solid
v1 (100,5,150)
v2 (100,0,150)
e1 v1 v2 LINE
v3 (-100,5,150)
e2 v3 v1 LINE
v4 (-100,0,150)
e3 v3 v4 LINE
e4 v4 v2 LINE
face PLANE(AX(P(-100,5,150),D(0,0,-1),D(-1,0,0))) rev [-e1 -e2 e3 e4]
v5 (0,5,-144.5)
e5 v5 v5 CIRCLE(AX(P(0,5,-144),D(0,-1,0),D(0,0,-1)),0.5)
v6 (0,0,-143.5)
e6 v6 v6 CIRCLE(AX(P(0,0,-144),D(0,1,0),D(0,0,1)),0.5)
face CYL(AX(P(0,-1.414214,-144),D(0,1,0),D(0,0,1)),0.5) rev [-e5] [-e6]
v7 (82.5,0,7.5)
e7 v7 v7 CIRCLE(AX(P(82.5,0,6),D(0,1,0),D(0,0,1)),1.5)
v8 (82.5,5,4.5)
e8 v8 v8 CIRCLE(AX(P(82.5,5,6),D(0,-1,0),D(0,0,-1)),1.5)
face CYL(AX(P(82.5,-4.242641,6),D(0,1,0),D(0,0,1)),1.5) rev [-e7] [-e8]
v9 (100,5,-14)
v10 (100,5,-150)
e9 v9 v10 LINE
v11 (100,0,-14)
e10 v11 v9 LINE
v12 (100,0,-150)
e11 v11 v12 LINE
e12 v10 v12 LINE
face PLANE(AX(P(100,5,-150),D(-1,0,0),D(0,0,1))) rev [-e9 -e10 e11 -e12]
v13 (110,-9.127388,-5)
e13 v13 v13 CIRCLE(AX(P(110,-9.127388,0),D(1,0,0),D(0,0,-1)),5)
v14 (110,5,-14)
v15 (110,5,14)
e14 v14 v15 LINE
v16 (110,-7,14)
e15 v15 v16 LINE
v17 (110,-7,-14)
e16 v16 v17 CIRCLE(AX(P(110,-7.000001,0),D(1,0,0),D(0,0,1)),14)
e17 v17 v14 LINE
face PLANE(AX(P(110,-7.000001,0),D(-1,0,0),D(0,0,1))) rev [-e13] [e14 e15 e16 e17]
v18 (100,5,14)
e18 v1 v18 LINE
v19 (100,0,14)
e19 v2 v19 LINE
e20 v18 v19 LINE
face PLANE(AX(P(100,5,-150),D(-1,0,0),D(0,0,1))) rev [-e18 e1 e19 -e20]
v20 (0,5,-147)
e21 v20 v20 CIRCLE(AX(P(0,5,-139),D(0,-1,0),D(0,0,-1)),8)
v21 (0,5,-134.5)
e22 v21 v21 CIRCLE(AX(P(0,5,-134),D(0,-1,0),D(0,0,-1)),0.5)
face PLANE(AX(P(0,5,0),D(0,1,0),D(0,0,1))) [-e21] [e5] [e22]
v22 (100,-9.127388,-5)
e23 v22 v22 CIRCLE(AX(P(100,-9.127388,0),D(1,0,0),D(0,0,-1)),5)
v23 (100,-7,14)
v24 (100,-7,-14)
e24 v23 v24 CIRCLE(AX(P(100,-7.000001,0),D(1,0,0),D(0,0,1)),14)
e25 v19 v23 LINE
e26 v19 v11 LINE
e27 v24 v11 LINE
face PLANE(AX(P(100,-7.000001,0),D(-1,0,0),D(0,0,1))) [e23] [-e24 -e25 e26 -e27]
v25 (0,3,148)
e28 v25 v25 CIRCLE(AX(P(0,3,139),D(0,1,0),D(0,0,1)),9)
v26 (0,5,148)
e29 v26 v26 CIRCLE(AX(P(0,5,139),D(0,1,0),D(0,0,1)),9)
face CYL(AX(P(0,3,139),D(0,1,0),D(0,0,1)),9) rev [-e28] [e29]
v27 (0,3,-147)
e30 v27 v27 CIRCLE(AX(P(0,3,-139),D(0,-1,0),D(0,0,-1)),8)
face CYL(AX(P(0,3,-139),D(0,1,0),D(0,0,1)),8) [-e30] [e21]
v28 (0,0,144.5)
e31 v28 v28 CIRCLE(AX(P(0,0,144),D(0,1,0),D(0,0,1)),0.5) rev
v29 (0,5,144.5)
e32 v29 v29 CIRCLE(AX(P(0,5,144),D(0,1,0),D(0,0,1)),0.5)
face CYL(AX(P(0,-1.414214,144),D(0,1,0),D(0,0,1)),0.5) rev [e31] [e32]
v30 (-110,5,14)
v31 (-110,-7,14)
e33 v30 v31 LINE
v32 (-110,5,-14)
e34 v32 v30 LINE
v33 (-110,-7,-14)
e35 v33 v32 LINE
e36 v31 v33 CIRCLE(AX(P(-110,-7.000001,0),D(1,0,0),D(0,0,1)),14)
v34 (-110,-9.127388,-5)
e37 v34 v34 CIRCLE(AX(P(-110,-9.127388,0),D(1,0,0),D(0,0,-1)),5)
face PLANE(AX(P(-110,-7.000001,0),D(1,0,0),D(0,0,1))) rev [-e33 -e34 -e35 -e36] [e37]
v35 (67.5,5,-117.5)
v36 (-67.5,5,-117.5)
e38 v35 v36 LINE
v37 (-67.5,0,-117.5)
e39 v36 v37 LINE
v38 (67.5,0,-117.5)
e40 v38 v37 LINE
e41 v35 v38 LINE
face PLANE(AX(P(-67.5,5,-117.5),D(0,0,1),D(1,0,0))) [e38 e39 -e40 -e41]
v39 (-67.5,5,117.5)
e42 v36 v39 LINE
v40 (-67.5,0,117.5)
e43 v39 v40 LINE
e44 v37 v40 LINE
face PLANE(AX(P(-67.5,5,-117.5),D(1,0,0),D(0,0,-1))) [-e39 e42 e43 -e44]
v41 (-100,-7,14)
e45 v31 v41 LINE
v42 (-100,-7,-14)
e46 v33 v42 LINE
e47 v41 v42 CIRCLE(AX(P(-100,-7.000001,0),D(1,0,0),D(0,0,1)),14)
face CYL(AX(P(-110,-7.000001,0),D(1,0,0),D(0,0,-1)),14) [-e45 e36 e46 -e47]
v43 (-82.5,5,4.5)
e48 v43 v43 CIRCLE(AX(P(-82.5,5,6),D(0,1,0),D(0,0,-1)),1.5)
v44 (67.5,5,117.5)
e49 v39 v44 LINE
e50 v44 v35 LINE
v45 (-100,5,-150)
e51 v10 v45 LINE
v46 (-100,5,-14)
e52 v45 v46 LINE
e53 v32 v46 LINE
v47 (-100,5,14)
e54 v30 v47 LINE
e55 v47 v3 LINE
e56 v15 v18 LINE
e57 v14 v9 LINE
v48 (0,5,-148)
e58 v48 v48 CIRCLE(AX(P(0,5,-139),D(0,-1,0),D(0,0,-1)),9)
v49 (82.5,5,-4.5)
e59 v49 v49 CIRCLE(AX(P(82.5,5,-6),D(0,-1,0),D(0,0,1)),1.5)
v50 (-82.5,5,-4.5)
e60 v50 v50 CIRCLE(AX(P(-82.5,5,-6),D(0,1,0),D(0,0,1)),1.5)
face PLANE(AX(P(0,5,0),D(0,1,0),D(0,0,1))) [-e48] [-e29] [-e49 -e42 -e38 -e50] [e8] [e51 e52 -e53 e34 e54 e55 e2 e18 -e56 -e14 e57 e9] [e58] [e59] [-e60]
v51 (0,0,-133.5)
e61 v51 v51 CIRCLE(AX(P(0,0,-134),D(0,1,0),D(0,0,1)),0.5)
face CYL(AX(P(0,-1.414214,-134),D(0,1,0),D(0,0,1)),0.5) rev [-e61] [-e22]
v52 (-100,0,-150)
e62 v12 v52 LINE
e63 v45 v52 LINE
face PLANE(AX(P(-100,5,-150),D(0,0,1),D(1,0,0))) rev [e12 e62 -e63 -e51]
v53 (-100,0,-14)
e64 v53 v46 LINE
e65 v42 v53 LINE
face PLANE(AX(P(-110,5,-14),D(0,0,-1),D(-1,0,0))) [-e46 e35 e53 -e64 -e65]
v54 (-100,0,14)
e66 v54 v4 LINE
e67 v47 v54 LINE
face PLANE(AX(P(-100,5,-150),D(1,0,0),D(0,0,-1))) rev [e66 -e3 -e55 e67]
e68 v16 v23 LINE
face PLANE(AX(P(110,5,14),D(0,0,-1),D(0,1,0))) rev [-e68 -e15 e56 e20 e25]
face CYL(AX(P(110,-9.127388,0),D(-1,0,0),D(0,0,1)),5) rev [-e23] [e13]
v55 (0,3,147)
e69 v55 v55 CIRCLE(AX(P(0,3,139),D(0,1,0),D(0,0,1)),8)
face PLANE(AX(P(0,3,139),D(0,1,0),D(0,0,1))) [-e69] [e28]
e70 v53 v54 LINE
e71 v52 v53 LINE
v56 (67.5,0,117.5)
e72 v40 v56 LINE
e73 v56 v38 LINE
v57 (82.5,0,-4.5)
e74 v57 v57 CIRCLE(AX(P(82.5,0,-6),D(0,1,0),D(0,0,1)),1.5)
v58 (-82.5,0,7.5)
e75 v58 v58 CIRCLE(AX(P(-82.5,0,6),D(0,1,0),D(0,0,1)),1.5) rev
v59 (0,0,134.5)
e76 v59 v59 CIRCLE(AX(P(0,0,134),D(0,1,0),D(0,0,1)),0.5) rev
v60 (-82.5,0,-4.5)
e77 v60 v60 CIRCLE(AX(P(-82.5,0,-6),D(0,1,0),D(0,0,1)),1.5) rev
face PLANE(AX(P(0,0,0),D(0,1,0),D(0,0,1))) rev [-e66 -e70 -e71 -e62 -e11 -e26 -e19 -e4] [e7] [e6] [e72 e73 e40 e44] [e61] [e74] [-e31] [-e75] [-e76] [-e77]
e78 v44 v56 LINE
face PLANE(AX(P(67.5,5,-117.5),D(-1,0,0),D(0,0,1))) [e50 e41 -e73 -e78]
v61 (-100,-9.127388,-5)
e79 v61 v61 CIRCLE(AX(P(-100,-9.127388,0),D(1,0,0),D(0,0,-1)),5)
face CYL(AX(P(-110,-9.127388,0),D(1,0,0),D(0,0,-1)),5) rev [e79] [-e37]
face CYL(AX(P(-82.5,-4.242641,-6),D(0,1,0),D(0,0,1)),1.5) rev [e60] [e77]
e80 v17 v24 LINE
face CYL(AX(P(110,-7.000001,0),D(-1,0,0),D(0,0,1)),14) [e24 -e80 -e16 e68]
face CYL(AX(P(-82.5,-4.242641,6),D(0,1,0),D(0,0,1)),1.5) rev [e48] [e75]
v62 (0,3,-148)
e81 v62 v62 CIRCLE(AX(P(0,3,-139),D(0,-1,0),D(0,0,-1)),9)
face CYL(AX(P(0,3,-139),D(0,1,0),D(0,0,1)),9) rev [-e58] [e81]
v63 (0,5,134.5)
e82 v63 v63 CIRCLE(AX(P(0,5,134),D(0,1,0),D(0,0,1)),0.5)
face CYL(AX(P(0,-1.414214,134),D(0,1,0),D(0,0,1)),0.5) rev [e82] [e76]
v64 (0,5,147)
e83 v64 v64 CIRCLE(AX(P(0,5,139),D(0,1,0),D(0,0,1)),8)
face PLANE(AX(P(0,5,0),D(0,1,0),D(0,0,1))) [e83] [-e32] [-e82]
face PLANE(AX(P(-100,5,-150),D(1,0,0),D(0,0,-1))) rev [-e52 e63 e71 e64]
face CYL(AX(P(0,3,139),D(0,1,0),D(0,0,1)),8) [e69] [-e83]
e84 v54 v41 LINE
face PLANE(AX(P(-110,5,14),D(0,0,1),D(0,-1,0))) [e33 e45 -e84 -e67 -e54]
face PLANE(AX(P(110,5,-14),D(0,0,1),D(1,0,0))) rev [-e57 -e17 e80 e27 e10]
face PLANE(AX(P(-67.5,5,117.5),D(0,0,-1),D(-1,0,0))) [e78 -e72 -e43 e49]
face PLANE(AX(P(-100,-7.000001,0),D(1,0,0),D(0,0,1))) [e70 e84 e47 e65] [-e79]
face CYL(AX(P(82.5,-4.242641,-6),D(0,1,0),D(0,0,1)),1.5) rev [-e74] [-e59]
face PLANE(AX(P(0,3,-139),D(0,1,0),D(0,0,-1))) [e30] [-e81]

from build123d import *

# Parameters (mm, degrees)
SKETCH1_W           = 200
SKETCH1_H           = 300
SKETCH1_W_2         = 135
SKETCH1_H_2         = 235
BOSS_EXTRUDE1_DEPTH = 5
SKETCH3_R           = 5
BOSS_EXTRUDE2_DEPTH = 10
SKETCH4_R           = 9
SKETCH4_R_2         = 8
CUT_EXTRUDE1_DEPTH  = 2
SKETCH5_R           = 0.5
CUT_EXTRUDE2_DEPTH  = 5
SKETCH6_R           = 1.5
CUT_EXTRUDE3_DEPTH  = 5


with BuildPart() as part:
    # Sketch1 → Boss-Extrude1 (new body)
    with BuildSketch(Plane(origin=(0, 0, 0), x_dir=(1, 0, 0), z_dir=(0, 1, 0))):
        Rectangle(SKETCH1_W, SKETCH1_H)
        Rectangle(SKETCH1_W_2, SKETCH1_H_2, mode=Mode.SUBTRACT)
    extrude(amount=BOSS_EXTRUDE1_DEPTH)

    # Sketch3 → Boss-Extrude2 (add)
    with BuildSketch(Plane(origin=(100, 0, 0), x_dir=(0, 0, -1), z_dir=(1, 0, 0))):
        with BuildLine():
            Line((-14, 5), (14, 5))
            Line((14, 5), (14, -7))
            ThreePointArc((14, -7), (0, -21.000001209), (-14, -7))
            Line((-14, -7), (-14, 5))
        make_face()
        with Locations((0, -9.127388195)):
            Circle(SKETCH3_R, mode=Mode.SUBTRACT)
    boss_extrude2 = extrude(amount=BOSS_EXTRUDE2_DEPTH)

    # Mirror1: Boss-Extrude2 across plane
    add(boss_extrude2.mirror(Plane(origin=(0, 0, 0), x_dir=(0, 0, 1), z_dir=(1, 0, 0))))

    # Sketch4 → Cut-Extrude1 (cut)
    with BuildSketch(Plane(origin=(0, 5, 0), x_dir=(1, 0, 0), z_dir=(0, 1, 0))):
        with Locations(Location((0, -139, 0), (0, 0, 270))):
            Circle(SKETCH4_R)
        with Locations(Location((0, -139, 0), (0, 0, 270))):
            Circle(SKETCH4_R_2, mode=Mode.SUBTRACT)
    cut_extrude1 = extrude(amount=-CUT_EXTRUDE1_DEPTH, mode=Mode.SUBTRACT)

    # Mirror2: Cut-Extrude1 across plane
    add(cut_extrude1.mirror(Plane.XY), mode=Mode.SUBTRACT)

    # Sketch5 → Cut-Extrude2 (cut)
    with BuildSketch(Plane(origin=(0, 5, 0), x_dir=(1, 0, 0), z_dir=(0, 1, 0))):
        with Locations(Location((0, -134, 0), (0, 0, 270))):
            Circle(SKETCH5_R)
        with Locations(Location((0, -144, 0), (0, 0, 270))):
            Circle(SKETCH5_R)
    cut_extrude2 = extrude(amount=-CUT_EXTRUDE2_DEPTH, mode=Mode.SUBTRACT)

    # Mirror3: Cut-Extrude2 across plane
    add(cut_extrude2.mirror(Plane.XY), mode=Mode.SUBTRACT)

    # Sketch6 → Cut-Extrude3 (cut)
    with BuildSketch(Plane(origin=(0, 5, 0), x_dir=(1, 0, 0), z_dir=(0, 1, 0))):
        with Locations(Location((-82.5, 6, 0), (0, 0, 270))):
            Circle(SKETCH6_R)
        with Locations(Location((-82.5, -6, 0), (0, 0, 270))):
            Circle(SKETCH6_R)
    cut_extrude3 = extrude(amount=-CUT_EXTRUDE3_DEPTH, mode=Mode.SUBTRACT)

    # Mirror4: Cut-Extrude3 across plane
    add(cut_extrude3.mirror(Plane(origin=(0, 0, 0), x_dir=(0, 0, 1), z_dir=(1, 0, 0))), mode=Mode.SUBTRACT)


solid = part.part
